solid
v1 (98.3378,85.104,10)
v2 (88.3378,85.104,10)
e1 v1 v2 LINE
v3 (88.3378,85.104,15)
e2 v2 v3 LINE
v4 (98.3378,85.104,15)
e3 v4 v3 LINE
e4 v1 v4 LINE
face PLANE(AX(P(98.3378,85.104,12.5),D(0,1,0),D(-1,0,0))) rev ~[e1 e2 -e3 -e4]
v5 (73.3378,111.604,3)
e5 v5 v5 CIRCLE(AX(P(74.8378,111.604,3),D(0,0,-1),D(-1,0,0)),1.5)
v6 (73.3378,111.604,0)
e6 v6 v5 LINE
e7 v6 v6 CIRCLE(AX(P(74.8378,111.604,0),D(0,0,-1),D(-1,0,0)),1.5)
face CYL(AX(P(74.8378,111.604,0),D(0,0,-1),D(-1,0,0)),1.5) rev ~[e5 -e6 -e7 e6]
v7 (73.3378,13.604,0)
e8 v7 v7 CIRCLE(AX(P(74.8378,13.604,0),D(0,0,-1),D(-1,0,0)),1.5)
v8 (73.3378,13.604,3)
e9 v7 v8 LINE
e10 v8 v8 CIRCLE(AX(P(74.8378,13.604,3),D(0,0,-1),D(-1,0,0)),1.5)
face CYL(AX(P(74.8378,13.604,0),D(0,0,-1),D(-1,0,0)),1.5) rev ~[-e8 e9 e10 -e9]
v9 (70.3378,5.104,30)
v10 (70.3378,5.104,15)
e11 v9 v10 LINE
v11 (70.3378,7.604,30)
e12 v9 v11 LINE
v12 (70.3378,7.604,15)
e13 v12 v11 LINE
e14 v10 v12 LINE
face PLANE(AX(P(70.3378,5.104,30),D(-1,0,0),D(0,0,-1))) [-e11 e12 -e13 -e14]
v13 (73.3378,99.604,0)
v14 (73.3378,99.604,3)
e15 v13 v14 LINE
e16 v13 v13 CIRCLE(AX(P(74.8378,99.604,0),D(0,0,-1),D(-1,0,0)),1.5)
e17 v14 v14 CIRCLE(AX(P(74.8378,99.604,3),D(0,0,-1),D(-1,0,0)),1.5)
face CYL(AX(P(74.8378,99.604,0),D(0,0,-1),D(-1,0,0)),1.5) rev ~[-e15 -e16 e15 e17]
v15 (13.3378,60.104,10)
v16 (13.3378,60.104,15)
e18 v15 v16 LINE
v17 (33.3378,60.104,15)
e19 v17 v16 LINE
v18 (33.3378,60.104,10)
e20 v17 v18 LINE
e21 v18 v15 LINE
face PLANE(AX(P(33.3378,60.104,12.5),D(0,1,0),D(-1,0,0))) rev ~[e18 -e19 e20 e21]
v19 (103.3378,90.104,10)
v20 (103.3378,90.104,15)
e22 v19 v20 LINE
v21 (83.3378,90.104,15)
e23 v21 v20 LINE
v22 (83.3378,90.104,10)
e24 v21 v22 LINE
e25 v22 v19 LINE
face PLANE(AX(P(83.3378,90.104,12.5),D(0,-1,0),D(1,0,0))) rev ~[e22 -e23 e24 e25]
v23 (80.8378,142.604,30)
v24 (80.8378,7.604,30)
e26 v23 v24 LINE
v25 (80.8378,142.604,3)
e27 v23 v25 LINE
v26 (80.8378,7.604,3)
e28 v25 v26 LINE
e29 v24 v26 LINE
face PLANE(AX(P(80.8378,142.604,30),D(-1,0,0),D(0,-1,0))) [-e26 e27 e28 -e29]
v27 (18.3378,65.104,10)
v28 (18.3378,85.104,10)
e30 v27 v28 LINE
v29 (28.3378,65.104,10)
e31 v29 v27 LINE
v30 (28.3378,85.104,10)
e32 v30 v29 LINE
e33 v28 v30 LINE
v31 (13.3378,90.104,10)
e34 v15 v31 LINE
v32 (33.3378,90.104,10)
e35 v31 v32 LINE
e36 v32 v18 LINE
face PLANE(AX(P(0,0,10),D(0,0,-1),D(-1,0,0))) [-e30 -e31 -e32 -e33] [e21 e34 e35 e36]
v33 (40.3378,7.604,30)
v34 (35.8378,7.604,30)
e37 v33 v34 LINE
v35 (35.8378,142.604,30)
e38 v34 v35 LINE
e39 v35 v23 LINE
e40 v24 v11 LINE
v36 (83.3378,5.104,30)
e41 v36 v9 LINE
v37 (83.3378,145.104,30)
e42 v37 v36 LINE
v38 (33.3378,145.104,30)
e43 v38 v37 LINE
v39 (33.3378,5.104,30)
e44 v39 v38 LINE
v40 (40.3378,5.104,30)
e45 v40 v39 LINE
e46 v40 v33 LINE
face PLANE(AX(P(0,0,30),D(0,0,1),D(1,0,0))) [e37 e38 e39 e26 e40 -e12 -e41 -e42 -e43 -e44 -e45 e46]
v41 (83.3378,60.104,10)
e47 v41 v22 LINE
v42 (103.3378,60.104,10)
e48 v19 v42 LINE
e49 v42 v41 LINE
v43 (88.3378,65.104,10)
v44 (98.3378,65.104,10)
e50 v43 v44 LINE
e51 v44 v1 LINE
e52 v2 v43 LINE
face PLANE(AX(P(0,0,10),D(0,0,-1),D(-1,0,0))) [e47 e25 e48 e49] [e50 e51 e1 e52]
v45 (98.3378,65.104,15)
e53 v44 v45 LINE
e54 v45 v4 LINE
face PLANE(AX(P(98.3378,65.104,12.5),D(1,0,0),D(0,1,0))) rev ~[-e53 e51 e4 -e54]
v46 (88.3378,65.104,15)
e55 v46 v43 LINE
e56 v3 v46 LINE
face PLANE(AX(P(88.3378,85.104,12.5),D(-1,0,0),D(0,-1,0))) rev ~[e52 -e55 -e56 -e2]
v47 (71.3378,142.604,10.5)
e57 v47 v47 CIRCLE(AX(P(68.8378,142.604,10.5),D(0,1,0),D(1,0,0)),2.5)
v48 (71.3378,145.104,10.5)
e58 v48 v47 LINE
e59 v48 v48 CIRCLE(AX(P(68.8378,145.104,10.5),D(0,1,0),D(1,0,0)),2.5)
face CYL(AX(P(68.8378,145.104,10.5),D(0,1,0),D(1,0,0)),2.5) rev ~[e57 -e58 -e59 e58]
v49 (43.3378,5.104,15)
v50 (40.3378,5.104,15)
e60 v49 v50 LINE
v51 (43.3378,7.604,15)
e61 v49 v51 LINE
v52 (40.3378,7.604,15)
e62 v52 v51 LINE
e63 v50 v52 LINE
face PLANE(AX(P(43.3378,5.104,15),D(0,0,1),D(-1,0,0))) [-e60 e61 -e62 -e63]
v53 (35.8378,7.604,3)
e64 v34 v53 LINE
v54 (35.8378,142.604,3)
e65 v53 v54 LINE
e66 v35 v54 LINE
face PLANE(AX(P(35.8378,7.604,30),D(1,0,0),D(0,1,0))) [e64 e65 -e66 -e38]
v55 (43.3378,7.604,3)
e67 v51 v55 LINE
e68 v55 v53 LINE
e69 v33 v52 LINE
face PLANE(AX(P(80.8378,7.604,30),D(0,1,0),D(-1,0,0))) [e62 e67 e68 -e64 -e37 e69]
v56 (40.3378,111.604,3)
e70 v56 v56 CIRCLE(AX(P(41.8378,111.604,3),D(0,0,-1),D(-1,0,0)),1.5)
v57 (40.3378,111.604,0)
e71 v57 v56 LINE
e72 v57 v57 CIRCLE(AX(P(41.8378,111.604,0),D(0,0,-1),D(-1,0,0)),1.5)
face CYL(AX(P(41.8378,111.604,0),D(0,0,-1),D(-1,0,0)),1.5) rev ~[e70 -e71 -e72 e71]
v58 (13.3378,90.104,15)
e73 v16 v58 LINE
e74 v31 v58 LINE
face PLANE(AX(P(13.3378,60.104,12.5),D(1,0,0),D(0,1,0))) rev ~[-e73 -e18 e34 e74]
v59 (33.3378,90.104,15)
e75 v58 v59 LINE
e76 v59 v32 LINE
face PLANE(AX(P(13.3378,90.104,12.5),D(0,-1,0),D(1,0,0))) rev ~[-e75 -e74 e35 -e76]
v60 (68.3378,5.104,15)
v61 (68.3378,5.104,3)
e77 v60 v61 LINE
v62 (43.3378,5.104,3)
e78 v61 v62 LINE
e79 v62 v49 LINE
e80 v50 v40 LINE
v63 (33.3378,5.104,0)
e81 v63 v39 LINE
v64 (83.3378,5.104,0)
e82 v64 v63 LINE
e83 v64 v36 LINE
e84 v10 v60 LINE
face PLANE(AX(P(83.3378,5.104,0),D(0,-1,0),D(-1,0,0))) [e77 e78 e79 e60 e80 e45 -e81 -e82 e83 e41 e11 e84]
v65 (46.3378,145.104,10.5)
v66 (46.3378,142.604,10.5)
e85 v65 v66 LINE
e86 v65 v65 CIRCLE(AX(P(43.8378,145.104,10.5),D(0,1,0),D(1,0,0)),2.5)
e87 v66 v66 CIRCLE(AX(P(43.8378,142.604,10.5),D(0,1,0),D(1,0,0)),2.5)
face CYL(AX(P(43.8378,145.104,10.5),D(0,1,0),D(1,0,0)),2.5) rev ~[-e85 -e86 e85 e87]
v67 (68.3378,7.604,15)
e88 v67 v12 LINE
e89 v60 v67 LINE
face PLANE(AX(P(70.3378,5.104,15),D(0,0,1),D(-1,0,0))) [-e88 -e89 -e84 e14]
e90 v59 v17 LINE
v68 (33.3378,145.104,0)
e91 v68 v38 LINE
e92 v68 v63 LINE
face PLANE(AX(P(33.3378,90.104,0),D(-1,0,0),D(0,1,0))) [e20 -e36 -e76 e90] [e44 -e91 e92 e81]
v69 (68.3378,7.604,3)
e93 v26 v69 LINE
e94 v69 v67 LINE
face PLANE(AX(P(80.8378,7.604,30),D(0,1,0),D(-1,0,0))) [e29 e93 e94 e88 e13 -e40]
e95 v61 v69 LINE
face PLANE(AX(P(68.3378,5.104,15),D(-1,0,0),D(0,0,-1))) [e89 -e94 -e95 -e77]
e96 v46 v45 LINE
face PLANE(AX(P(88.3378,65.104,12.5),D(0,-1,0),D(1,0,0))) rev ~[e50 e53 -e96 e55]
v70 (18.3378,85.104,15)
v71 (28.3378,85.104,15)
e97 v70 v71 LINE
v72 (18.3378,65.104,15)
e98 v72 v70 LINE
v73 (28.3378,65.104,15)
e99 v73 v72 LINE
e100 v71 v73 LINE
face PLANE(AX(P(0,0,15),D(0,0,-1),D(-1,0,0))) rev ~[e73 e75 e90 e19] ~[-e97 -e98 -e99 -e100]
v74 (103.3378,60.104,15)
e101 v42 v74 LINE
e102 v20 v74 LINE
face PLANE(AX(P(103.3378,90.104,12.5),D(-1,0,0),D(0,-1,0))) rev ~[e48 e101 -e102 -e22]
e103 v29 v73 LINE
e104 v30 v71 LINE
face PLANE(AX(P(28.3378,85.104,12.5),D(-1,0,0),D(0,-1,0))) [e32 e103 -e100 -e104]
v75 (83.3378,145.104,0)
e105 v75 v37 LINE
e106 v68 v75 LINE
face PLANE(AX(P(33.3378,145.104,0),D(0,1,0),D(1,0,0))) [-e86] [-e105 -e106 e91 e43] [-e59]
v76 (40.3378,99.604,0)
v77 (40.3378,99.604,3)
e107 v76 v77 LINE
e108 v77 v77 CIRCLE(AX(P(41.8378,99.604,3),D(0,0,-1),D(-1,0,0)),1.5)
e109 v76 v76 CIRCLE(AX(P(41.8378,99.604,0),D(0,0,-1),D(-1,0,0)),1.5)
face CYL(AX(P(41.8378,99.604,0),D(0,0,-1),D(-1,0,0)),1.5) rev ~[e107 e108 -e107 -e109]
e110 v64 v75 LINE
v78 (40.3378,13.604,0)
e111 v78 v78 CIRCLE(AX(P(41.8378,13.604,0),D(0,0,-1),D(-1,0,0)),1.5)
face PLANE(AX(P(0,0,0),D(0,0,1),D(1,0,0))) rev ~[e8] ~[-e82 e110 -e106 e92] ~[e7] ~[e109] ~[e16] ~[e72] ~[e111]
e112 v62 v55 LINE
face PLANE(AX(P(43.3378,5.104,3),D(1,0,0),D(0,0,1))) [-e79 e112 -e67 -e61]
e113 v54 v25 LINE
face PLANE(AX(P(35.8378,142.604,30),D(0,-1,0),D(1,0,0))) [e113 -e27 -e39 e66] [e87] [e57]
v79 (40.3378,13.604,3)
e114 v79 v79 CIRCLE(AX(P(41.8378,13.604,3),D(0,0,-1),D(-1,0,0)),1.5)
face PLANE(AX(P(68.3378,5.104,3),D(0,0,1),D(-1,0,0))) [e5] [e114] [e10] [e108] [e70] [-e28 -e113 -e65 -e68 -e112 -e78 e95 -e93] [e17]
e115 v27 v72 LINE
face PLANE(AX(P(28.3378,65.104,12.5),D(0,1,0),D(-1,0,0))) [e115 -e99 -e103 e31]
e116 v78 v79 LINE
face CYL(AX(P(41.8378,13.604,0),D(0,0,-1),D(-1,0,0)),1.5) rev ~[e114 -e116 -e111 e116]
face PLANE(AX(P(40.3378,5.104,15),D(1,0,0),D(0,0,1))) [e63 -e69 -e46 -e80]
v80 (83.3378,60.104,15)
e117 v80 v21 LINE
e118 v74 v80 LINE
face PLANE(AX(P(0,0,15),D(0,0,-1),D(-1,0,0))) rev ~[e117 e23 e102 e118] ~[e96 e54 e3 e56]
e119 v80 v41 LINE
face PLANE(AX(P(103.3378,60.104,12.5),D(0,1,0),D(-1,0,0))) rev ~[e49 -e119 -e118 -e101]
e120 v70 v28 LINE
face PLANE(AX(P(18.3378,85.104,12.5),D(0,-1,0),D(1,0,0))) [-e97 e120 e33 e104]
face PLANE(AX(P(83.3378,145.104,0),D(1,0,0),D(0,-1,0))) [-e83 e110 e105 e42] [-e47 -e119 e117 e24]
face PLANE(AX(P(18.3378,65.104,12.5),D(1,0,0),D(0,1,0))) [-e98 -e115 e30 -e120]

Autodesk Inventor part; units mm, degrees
ref_plane "YZ Plane" through (0, 0, 0) normal (1, 0, 0) x (0, 1, 0)
ref_plane "XZ Plane" through (0, 0, 0) normal (0, 1, 0) x (-1, 0, 0)
sketch "Sketch1" plane through (0, 0, 0) normal (0, 0, 1) x (1, 0, 0)
  line L0 (33.3378, 145.104) -> (83.3378, 145.104)
  line L1 (83.3378, 145.104) -> (83.3378, 5.104)
  line L2 (83.3378, 5.104) -> (33.3378, 5.104)
  line L3 (33.3378, 5.104) -> (33.3378, 145.104)
  line L4 (33.3378, 90.104) -> (33.3378, 60.104)
  line L5 (83.3378, 90.104) -> (83.3378, 60.104)
  point P0 (0, 0)
  dimension "d0" = 140
  dimension "d1" = 50
extrude "Extrusion1" add sketch "Sketch1" along normal blind 30
sketch "Sketch2" plane through (0, 0, 30) normal (0, 0, 1) x (1, 0, 0)
  line L0 (35.8378, 142.604) -> (80.8378, 142.604)
  line L1 (80.8378, 142.604) -> (80.8378, 7.604)
  line L2 (80.8378, 7.604) -> (35.8378, 7.604)
  line L3 (35.8378, 7.604) -> (35.8378, 142.604)
  line L4 (83.3378, 145.104) -> (33.3378, 145.104) projected
  line L5 (83.3378, 5.104) -> (83.3378, 145.104) projected
  line L6 (33.3378, 5.104) -> (83.3378, 5.104) projected
  line L7 (33.3378, 145.104) -> (33.3378, 5.104) projected
  point P0 (0, 0)
  point P1 (58.3378, 142.604)
  dimension "d4" = 2.5
  dimension "d5" = 2.5
  dimension "d6" = 2.5
  dimension "d7" = 2.5
extrude "Extrusion2" cut sketch "Sketch2" against normal blind 27 contours L0 L1 L2 L3
sketch "Sketch3" plane through (33.3378, 5.104, 0) normal (0, -1, 0) x (1, 0, 0)
  line L0 (7, 30) -> (37, 30)
  line L1 (37, 30) -> (37, 15)
  line L2 (37, 15) -> (7, 15)
  line L3 (7, 15) -> (7, 30)
  line L4 (0, 0) -> (50, 0) projected
  line L5 (0, 0) -> (0, 30) projected
  line L6 (0, 30) -> (50, 30) projected
  line L7 (10, 15) -> (35, 15)
  line L8 (35, 15) -> (35, 3)
  line L9 (35, 3) -> (10, 3)
  line L10 (10, 3) -> (10, 15)
  point P0 (-33.3378, 0)
  point P1 (37, 22.5)
  point P2 (10, 9)
  dimension "d10" = 15
  dimension "d11" = 30
  dimension "d12" = 7
  dimension "d13" = 0
  dimension "d14" = 25
  dimension "d15" = 10
  dimension "d16" = 3
extrude "Extrusion3" cut sketch "Sketch3" against normal blind 27
sketch "Sketch4" plane through (0, 0, 0) normal (0, 0, -1) x (-1, 0, 0)
  circle A0 centre (-74.8378, 13.604) radius 1.5
  circle A1 centre (-41.8378, 13.604) radius 1.5
  circle A2 centre (-41.8378, 99.604) radius 1.5
  circle A3 centre (-74.8378, 99.604) radius 1.5
  circle A4 centre (-41.8378, 111.604) radius 1.5
  circle A5 centre (-74.8378, 111.604) radius 1.5
  line L0 (-83.3378, 5.104) -> (-83.3378, 145.104) projected
  line L1 (-33.3378, 145.104) -> (-33.3378, 5.104) projected
  line L2 (-33.3378, 5.104) -> (-83.3378, 5.104) projected
  line L3 (-83.3378, 145.104) -> (-33.3378, 145.104) projected
  point P0 (0, 0)
  dimension "d19" = 8.5
  dimension "d20" = 8.5
  dimension "d21" = 8.5
  dimension "d22" = 8.5
  dimension "d23" = 3
  dimension "d24" = 3
  dimension "d25" = 8.5
  dimension "d26" = 8.5
  dimension "d27" = 8.5
  dimension "d28" = 8.5
  dimension "d29" = 3
  dimension "d30" = 3
  dimension "d31" = 3
  dimension "d32" = 3
  dimension "d33" = 12
  dimension "d34" = 12
  dimension "d35" = 33.5
  dimension "d36" = 33.5
extrude "Extrusion4" cut sketch "Sketch4" against normal blind 27 contours A0 | A1 | A2 | A3 | A4 | A5
sketch "Sketch5" plane through (33.3378, 145.104, 0) normal (0, 1, 0) x (1, 0, 0)
  circle A0 centre (35.5, -10.5) radius 2.5
  circle A1 centre (10.5, -10.5) radius 2.5
  line L0 (50, 0) -> (50, -30) projected
  line L1 (50, 0) -> (0, 0) projected
  point P0 (-33.3378, 0)
  dimension "d39" = 5
  dimension "d40" = 5
  dimension "d41" = 25
  dimension "d42" = 14.5
  dimension "d43" = 10.5
  dimension "d44" = 10.5
extrude "Extrusion5" cut sketch "Sketch5" against normal blind 27
sketch "Sketch6" plane through (33.3378, 5.104, 0) normal (0, -1, 0) x (1, 0, 0)
  point P0 (-33.3378, 0)
ref_plane "Work Plane1" through (0, 0, 12.5) normal (0, 0, -1) x (-1, 0, 0)
sketch "Sketch7" plane through (0, 0, 12.5) normal (0, 0, -1) x (-1, 0, 0)
  line L0 (-83.3378, 5.104) -> (-83.3378, 145.104) projected
  line L1 (-83.3378, 90.104) -> (-103.3378, 90.104)
  line L2 (-103.3378, 90.104) -> (-103.3378, 60.104)
  line L3 (-103.3378, 60.104) -> (-83.3378, 60.104)
  line L4 (-83.3378, 60.104) -> (-83.3378, 90.104)
  line L5 (-83.3378, 145.104) -> (-33.3378, 145.104) projected
  line L6 (-88.3378, 65.104) -> (-98.3378, 65.104)
  line L7 (-98.3378, 65.104) -> (-98.3378, 85.104)
  line L8 (-98.3378, 85.104) -> (-88.3378, 85.104)
  line L9 (-88.3378, 85.104) -> (-88.3378, 65.104)
  line L10 (-33.3378, 145.104) -> (-33.3378, 5.104) projected
  line L11 (-13.3378, 90.104) -> (-33.3378, 90.104)
  line L12 (-33.3378, 90.104) -> (-33.3378, 60.104)
  line L13 (-33.3378, 60.104) -> (-13.3378, 60.104)
  line L14 (-13.3378, 60.104) -> (-13.3378, 90.104)
  line L15 (-18.3378, 85.104) -> (-28.3378, 85.104)
  line L16 (-28.3378, 85.104) -> (-28.3378, 65.104)
  line L17 (-28.3378, 65.104) -> (-18.3378, 65.104)
  line L18 (-18.3378, 65.104) -> (-18.3378, 85.104)
  point P0 (0, 0)
  point P1 (-93.3378, 60.104)
  dimension "d56" = 20
  dimension "d57" = 30
  dimension "d58" = 55
  dimension "d59" = 5
  dimension "d60" = 20
  dimension "d61" = 30
  dimension "d62" = 55
  dimension "d63" = 5
extrude "Extrusion6" add sketch "Sketch7" along normal mid plane 5
properties part number "arduino mould_3r"
